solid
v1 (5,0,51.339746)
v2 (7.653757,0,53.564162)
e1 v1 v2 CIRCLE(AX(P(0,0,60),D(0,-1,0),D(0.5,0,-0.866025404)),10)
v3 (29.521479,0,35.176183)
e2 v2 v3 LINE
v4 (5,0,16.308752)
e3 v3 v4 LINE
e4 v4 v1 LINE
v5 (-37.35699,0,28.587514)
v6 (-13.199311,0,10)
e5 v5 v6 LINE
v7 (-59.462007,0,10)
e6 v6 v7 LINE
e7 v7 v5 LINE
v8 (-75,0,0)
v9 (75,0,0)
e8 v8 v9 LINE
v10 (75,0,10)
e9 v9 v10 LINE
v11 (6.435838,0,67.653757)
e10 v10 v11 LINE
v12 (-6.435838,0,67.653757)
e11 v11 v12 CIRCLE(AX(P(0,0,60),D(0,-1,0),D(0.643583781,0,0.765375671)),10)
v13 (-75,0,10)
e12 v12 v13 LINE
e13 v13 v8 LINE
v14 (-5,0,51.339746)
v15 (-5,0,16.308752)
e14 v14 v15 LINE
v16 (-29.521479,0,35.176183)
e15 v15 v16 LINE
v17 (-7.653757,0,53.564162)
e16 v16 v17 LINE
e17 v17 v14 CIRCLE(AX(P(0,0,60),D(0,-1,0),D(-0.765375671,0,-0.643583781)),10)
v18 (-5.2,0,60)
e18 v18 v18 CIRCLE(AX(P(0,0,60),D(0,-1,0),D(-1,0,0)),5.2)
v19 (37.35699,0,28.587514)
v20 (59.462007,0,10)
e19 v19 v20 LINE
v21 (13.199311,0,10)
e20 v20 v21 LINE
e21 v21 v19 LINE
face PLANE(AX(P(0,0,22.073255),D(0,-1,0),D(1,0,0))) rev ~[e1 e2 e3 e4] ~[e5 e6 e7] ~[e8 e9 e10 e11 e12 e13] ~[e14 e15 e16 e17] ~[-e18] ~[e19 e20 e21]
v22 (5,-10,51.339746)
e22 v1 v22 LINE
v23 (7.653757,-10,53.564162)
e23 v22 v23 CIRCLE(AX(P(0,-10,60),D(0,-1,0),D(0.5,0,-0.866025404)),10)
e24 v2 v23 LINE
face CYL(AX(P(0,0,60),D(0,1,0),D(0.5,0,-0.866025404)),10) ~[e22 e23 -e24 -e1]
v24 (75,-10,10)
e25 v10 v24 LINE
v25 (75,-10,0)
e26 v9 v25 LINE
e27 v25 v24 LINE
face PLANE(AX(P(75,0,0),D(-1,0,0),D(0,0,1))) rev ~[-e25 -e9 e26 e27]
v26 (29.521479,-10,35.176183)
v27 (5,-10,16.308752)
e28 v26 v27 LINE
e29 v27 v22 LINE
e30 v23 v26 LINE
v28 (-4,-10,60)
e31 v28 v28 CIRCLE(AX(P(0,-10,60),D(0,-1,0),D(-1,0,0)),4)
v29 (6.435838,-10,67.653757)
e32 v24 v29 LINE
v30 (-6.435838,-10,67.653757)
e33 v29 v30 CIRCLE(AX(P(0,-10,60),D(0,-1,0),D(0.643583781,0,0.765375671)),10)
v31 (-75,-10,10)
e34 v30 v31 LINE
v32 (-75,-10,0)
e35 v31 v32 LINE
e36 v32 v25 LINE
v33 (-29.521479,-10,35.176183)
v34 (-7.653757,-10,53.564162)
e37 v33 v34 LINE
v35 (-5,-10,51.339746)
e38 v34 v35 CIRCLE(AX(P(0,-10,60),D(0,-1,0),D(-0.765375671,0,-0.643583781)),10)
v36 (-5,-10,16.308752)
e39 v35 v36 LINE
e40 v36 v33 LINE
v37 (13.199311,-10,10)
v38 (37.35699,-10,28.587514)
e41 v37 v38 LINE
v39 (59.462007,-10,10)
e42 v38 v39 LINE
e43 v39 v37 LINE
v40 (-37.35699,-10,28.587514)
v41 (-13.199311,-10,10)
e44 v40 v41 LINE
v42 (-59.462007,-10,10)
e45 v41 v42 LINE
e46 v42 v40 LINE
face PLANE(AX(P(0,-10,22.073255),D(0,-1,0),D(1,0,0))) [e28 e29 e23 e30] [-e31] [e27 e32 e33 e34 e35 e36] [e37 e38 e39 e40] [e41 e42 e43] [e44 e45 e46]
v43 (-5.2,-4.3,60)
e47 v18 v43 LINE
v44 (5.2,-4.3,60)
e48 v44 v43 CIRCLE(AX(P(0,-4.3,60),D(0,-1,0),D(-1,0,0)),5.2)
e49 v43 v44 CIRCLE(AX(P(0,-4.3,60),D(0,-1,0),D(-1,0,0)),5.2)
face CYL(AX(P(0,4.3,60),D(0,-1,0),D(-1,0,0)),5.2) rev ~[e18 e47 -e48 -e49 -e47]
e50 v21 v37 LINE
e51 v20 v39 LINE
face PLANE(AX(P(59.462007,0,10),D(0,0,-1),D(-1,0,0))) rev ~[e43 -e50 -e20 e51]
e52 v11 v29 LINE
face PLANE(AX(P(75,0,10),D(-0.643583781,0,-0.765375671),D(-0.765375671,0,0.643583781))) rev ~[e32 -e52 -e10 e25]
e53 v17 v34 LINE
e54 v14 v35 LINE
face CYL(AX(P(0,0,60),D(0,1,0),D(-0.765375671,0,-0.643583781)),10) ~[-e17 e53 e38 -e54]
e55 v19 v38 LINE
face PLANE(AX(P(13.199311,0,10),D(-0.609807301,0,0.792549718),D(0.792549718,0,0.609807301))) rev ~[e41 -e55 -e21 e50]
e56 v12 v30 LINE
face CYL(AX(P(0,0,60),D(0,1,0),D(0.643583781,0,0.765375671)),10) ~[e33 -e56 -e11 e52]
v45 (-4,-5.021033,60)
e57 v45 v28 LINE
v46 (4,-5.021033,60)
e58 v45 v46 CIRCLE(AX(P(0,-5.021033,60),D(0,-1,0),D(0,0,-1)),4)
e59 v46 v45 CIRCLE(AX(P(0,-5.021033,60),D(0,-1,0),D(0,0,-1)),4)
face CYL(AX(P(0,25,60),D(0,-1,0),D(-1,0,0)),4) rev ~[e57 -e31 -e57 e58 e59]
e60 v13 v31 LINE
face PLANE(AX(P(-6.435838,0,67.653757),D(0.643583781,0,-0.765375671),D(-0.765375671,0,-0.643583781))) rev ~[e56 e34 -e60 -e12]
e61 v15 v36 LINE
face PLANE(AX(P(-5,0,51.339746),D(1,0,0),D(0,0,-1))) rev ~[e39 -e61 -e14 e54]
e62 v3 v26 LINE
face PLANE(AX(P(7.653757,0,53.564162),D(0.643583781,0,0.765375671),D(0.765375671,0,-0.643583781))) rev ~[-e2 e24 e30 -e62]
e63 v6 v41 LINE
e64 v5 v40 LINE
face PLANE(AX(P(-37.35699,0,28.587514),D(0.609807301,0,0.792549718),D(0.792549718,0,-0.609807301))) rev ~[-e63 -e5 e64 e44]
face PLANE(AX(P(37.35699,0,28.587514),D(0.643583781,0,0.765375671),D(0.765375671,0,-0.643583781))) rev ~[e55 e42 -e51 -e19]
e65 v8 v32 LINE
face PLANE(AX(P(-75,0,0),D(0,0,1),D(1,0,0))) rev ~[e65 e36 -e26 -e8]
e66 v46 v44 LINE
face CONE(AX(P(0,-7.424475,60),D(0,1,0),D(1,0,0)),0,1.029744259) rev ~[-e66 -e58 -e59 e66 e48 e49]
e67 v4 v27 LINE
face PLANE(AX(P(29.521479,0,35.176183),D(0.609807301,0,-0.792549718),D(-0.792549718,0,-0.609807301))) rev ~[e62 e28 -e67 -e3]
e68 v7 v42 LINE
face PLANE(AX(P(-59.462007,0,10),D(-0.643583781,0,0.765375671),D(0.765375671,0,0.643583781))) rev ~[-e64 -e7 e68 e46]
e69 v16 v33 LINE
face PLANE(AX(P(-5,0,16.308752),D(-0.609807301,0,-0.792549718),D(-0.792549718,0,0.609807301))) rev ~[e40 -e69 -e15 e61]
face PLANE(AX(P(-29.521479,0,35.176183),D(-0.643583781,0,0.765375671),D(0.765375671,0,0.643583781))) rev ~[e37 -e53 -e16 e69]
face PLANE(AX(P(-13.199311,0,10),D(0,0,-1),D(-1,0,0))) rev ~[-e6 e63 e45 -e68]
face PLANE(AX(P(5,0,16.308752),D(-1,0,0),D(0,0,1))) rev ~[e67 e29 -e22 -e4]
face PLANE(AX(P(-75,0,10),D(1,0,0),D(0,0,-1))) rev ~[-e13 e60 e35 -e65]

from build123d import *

# Parameters (mm, degrees)
F1_DEPTH = 10
F2_D     = 8
F2_DEPTH = 25
F2_TIP   = 2.4034424761
F3_D     = 10.4
F3_DEPTH = 4.3
F3_TIP   = 3.1244752189


with BuildPart() as f1:
    # F0 (on Front) → F1 (new body)
    with BuildSketch(Plane.XZ):
        with BuildLine():
            Line((-75, 10), (-75, 0))
            Line((-75, 0), (75, 0))
            Line((75, 0), (75, 10))
            Line((75, 10), (6.4358378053, 67.6537567079))
            ThreePointArc((6.4358378053, 67.6537567079), (0, 70), (-6.4358378053, 67.6537567079))
            Line((-6.4358378053, 67.6537567079), (-75, 10))
        make_face()
        Polygon((-13.1993114793, 10), (-59.46200743, 10), (-37.3569899514, 28.587513636), align=None, mode=Mode.SUBTRACT)
        with BuildLine():
            Line((-29.5214792948, 35.1761834399), (-7.6537567079, 53.5641621947))
            ThreePointArc((-7.6537567079, 53.5641621947), (-6.4238926361, 52.3362148125), (-5, 51.3397459622))
            Line((-5, 51.3397459622), (-5, 16.3087524782))
            Line((-5, 16.3087524782), (-29.5214792948, 35.1761834399))
        make_face(mode=Mode.SUBTRACT)
        Polygon((37.3569899514, 28.587513636), (59.46200743, 10), (13.1993114793, 10), align=None, mode=Mode.SUBTRACT)
        with BuildLine():
            ThreePointArc((5, 51.3397459622), (6.4238926361, 52.3362148125), (7.6537567079, 53.5641621947))
            Line((7.6537567079, 53.5641621947), (29.5214792948, 35.1761834399))
            Line((29.5214792948, 35.1761834399), (5, 16.3087524782))
            Line((5, 16.3087524782), (5, 51.3397459622))
        make_face(mode=Mode.SUBTRACT)
    extrude(amount=F1_DEPTH)

    # F2
    with Locations(Plane(origin=(0, 0, 0), x_dir=(1, 0, 0), z_dir=(0, 1, 0))):
        with Locations((0, -60)):
            Hole(F2_D / 2, depth=F2_DEPTH)
            with Locations((0, 0, -(F2_DEPTH + F2_TIP / 2))):  # 118° drill point
                Cone(0, F2_D / 2, F2_TIP, mode=Mode.SUBTRACT)

    # F3
    with Locations(Plane(origin=(0, 0, 0), x_dir=(1, 0, 0), z_dir=(0, 1, 0))):
        with Locations((0, -60)):
            Hole(F3_D / 2, depth=F3_DEPTH)
            with Locations((0, 0, -(F3_DEPTH + F3_TIP / 2))):  # 118° drill point
                Cone(0, F3_D / 2, F3_TIP, mode=Mode.SUBTRACT)


solid = f1.part
